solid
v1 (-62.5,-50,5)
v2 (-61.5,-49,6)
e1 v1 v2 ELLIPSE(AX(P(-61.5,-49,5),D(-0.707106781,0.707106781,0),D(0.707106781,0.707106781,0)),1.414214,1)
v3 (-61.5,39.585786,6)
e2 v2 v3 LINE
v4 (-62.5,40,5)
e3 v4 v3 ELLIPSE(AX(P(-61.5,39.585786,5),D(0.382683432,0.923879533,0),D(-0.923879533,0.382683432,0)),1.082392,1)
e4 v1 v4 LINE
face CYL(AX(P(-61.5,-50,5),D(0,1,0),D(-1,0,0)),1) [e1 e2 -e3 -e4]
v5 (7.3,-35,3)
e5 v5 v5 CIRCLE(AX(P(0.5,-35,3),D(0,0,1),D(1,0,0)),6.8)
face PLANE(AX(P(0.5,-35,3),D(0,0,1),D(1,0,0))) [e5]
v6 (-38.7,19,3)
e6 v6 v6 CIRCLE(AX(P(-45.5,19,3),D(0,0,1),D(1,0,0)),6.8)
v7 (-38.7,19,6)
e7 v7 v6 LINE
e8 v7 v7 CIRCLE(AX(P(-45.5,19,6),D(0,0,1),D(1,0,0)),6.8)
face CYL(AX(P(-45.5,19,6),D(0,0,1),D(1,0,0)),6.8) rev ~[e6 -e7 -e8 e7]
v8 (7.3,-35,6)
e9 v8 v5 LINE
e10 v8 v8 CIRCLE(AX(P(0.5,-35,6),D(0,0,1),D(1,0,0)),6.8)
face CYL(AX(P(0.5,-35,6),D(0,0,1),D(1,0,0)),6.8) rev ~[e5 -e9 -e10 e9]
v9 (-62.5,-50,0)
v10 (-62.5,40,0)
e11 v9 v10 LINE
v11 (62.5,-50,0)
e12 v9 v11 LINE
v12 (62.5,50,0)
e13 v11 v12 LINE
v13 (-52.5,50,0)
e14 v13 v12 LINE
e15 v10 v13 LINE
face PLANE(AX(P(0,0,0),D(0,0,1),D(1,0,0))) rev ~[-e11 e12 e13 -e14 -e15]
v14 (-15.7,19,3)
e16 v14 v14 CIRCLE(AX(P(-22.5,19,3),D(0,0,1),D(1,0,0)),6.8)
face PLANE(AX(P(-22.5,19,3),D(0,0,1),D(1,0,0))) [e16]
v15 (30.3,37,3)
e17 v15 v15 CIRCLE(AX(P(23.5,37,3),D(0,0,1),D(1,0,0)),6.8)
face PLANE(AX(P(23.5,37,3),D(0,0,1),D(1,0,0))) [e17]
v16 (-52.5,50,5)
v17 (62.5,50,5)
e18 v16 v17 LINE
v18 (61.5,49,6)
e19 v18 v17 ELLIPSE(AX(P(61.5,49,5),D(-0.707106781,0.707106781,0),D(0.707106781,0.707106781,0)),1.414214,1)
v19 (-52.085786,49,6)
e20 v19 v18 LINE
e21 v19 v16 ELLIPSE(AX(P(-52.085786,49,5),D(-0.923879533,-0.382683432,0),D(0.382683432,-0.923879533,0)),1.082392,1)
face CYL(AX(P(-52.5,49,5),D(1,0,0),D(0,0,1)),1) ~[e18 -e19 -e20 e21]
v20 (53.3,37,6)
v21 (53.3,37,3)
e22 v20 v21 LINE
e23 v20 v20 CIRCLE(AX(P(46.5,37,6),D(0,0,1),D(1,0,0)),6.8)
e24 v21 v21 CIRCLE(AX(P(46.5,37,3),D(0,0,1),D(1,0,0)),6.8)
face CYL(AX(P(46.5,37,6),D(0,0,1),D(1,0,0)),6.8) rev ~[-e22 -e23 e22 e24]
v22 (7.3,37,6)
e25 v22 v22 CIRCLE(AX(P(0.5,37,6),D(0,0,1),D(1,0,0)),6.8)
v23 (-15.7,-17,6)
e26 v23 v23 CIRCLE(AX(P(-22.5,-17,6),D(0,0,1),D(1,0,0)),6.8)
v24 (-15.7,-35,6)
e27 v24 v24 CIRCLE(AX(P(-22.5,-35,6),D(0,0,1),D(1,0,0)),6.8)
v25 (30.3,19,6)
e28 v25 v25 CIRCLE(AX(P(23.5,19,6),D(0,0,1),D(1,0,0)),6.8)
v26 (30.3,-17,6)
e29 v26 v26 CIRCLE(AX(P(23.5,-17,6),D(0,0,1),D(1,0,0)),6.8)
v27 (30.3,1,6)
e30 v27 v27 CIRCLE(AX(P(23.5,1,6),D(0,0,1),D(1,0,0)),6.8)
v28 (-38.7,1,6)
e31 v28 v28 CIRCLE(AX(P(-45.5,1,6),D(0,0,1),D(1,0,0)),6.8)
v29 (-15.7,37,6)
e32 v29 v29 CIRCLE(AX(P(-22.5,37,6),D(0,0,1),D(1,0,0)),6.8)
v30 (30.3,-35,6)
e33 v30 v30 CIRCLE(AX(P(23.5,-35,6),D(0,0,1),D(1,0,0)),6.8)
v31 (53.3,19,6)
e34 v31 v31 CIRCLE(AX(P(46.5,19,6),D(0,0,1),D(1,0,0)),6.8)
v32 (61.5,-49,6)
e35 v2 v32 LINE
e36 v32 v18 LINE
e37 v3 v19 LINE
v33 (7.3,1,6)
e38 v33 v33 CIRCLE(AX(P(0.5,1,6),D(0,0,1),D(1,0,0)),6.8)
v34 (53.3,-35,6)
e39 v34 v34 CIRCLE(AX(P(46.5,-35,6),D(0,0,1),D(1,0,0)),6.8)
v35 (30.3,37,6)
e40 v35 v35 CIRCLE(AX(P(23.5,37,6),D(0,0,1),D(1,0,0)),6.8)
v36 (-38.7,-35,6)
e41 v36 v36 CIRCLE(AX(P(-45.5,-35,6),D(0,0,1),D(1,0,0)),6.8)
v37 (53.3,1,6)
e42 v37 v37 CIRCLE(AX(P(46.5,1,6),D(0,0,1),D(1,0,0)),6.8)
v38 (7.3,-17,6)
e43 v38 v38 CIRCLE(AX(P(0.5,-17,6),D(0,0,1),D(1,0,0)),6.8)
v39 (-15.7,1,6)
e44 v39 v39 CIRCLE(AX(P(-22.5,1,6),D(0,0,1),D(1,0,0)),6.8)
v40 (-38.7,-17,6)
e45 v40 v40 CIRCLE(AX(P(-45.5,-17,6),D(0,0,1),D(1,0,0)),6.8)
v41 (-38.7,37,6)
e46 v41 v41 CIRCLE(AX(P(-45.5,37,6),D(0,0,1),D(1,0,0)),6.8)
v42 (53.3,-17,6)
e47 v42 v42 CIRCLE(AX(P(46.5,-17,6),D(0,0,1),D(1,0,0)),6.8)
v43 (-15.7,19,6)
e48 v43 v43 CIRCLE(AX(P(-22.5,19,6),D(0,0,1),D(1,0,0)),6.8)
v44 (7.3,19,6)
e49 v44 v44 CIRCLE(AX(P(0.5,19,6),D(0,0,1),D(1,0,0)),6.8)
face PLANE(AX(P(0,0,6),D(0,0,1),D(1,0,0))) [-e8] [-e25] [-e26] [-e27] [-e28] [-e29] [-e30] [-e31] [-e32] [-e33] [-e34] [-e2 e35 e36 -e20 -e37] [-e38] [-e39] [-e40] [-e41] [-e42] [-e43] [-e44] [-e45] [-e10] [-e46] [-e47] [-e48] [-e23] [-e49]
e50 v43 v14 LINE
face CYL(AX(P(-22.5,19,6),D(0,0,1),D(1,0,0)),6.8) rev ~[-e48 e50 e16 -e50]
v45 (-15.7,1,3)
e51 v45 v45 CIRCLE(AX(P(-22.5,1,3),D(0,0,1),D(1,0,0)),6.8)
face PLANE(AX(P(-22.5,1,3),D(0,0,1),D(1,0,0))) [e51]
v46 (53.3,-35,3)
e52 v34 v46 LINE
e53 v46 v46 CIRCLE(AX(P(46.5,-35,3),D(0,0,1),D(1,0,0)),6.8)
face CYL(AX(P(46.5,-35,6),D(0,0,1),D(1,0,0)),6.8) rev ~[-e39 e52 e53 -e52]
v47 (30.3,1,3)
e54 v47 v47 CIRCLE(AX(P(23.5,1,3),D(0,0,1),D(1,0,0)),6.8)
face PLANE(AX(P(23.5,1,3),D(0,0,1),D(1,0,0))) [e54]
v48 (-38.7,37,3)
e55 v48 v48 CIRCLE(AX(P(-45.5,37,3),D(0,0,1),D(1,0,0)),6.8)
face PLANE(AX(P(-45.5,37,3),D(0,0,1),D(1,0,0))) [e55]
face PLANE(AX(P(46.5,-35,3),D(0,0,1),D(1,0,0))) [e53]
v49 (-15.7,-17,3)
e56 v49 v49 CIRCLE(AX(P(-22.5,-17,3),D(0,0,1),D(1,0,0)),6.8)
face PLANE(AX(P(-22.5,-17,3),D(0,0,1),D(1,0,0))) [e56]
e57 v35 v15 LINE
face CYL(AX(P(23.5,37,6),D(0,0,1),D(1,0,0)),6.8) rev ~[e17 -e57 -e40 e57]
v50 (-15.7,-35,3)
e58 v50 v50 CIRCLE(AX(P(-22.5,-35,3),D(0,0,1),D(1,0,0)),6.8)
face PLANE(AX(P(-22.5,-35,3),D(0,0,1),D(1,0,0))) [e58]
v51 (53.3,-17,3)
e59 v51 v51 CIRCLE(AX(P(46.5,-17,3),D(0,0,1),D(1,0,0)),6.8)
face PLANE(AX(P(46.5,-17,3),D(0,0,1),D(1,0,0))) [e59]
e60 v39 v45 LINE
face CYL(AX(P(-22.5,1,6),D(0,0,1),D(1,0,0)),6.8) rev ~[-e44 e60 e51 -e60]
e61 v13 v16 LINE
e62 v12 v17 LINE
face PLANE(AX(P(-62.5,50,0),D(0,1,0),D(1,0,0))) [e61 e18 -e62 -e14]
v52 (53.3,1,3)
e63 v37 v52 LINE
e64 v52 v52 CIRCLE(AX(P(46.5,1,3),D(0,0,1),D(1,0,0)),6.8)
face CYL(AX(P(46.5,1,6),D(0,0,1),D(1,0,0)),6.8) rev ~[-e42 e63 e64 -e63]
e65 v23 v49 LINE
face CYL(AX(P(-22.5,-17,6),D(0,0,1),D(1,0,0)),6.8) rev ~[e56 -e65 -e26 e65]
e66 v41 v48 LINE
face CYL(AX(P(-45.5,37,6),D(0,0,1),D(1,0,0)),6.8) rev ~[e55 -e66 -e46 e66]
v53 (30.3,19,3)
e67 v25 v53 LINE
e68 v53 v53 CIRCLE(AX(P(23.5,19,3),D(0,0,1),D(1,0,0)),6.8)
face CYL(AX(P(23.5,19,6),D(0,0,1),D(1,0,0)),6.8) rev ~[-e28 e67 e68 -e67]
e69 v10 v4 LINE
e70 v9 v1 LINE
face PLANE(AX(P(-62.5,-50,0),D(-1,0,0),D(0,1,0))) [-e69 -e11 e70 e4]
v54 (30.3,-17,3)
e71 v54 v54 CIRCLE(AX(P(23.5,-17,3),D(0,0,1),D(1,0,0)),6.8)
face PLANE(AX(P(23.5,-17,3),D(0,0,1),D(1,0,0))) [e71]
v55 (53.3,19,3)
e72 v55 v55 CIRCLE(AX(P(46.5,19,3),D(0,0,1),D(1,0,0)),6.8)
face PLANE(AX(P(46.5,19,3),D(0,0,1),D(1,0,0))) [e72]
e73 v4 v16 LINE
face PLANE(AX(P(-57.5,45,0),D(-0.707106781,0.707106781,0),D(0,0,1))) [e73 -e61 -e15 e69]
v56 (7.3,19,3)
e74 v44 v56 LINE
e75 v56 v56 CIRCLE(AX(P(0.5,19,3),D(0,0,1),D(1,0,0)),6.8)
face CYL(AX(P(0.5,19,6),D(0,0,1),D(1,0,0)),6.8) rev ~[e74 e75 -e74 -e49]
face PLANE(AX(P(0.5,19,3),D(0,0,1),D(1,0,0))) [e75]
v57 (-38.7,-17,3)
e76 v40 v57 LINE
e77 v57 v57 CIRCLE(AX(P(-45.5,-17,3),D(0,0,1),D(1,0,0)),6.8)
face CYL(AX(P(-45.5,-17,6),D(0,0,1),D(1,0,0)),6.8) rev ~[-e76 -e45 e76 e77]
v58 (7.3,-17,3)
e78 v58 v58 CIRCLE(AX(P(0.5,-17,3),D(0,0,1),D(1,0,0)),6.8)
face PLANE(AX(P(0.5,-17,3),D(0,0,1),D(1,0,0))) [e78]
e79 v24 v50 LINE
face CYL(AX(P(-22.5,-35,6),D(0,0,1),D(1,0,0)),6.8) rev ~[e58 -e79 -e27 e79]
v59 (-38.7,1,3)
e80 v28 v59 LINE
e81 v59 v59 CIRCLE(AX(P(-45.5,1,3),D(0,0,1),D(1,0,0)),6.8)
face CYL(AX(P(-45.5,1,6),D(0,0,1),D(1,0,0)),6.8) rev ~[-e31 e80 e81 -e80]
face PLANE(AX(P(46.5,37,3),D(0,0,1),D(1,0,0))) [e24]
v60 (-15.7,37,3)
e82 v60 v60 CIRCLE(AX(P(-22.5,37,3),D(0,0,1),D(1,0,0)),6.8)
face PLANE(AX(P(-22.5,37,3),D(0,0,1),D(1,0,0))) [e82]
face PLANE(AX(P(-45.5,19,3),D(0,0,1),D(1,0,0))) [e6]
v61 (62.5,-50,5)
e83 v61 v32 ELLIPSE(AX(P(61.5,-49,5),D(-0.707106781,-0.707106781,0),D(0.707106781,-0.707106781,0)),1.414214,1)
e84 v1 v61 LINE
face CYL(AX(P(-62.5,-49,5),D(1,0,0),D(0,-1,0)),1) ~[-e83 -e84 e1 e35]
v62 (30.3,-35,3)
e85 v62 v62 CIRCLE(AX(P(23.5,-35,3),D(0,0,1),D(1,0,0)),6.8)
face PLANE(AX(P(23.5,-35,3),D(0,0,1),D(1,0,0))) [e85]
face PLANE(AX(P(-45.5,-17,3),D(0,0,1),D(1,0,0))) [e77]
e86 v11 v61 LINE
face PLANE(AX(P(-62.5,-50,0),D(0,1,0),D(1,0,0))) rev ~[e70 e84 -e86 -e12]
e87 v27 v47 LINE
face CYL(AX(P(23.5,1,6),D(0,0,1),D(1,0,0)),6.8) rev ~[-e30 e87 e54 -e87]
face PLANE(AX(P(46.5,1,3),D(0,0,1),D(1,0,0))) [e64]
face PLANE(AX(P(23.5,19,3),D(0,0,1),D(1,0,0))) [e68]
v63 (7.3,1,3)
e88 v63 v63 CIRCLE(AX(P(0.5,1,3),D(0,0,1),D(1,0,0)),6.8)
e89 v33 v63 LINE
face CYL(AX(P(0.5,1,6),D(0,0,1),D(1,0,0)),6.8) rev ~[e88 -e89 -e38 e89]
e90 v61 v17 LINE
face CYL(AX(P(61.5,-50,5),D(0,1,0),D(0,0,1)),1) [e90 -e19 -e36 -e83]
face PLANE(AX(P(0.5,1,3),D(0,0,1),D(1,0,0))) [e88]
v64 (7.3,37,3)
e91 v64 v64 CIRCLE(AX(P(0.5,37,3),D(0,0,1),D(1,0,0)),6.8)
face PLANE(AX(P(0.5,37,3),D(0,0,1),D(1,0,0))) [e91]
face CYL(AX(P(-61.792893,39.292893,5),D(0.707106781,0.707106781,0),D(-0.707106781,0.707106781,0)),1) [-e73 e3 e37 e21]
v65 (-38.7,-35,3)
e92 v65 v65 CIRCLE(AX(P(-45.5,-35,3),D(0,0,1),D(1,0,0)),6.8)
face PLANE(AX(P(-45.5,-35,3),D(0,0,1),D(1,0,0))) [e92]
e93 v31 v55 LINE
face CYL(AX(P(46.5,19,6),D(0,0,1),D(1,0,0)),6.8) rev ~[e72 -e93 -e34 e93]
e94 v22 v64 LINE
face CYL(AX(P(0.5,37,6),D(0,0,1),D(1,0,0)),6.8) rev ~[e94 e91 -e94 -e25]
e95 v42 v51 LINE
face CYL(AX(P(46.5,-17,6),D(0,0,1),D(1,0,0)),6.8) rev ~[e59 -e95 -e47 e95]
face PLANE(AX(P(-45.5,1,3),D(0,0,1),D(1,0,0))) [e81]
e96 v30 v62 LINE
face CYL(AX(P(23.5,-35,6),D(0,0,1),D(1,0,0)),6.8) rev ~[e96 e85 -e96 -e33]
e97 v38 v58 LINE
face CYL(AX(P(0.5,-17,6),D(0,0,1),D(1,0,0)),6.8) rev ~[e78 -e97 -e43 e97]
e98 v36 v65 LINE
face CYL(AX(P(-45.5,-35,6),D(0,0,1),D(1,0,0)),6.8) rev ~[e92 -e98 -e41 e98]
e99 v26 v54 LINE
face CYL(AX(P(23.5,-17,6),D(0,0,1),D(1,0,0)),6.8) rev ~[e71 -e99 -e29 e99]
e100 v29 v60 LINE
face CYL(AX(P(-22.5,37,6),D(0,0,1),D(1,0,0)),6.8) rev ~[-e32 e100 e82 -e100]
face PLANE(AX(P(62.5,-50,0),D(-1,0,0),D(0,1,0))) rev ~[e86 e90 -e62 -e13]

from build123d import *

# Parameters (mm, degrees)
F0_W     = 125
F0_H     = 100
F1_DEPTH = 6
F2_SIZE  = 10
F3_R     = 1
F4_R     = 6.8
F5_DEPTH = 3


with BuildPart() as f1:
    # F0 (on Top) → F1 (new body)
    with BuildSketch(Plane.XY):
        Rectangle(F0_W, F0_H)
    extrude(amount=F1_DEPTH)

    # F2
    f2_edges = [f1.edges().sort_by_distance(p)[0] for p in [
        (-62.5, 50, 3),
    ]]
    chamfer(f2_edges, length=F2_SIZE)

    # F3
    f3_edges = [f1.edges().sort_by_distance(p)[0] for p in [
        (-62.5, -5, 6),
        (0, -50, 6),
        (62.5, 0, 6),
        (5, 50, 6),
        (-57.5, 45, 6),
    ]]
    fillet(f3_edges, radius=F3_R)

    # F4 (on face) → F5 (cut)
    with BuildSketch(Plane.XY.offset(6)):
        with Locations((46.5, 37)):
            Circle(F4_R)
        with Locations((46.5, 19)):
            Circle(F4_R)
        with Locations((23.5, 37)):
            Circle(F4_R)
        with Locations((23.5, 19)):
            Circle(F4_R)
        with Locations((0.5, 37)):
            Circle(F4_R)
        with Locations((0.5, 19)):
            Circle(F4_R)
        with Locations((46.5, 1)):
            Circle(F4_R)
        with Locations((46.5, -17)):
            Circle(F4_R)
        with Locations((23.5, 1)):
            Circle(F4_R)
        with Locations((23.5, -17)):
            Circle(F4_R)
        with Locations((0.5, 1)):
            Circle(F4_R)
        with Locations((0.5, -17)):
            Circle(F4_R)
        with Locations((-22.5, 37)):
            Circle(F4_R)
        with Locations((-22.5, 19)):
            Circle(F4_R)
        with Locations((-22.5, 1)):
            Circle(F4_R)
        with Locations((-22.5, -17)):
            Circle(F4_R)
        with Locations((-45.5, 37)):
            Circle(F4_R)
        with Locations((-45.5, 19)):
            Circle(F4_R)
        with Locations((-45.5, 1)):
            Circle(F4_R)
        with Locations((-45.5, -17)):
            Circle(F4_R)
        with Locations((46.5, -35)):
            Circle(F4_R)
        with Locations((23.5, -35)):
            Circle(F4_R)
        with Locations((0.5, -35)):
            Circle(F4_R)
        with Locations((-22.5, -35)):
            Circle(F4_R)
        with Locations((-45.5, -35)):
            Circle(F4_R)
    extrude(amount=-F5_DEPTH, mode=Mode.SUBTRACT)


solid = f1.part
